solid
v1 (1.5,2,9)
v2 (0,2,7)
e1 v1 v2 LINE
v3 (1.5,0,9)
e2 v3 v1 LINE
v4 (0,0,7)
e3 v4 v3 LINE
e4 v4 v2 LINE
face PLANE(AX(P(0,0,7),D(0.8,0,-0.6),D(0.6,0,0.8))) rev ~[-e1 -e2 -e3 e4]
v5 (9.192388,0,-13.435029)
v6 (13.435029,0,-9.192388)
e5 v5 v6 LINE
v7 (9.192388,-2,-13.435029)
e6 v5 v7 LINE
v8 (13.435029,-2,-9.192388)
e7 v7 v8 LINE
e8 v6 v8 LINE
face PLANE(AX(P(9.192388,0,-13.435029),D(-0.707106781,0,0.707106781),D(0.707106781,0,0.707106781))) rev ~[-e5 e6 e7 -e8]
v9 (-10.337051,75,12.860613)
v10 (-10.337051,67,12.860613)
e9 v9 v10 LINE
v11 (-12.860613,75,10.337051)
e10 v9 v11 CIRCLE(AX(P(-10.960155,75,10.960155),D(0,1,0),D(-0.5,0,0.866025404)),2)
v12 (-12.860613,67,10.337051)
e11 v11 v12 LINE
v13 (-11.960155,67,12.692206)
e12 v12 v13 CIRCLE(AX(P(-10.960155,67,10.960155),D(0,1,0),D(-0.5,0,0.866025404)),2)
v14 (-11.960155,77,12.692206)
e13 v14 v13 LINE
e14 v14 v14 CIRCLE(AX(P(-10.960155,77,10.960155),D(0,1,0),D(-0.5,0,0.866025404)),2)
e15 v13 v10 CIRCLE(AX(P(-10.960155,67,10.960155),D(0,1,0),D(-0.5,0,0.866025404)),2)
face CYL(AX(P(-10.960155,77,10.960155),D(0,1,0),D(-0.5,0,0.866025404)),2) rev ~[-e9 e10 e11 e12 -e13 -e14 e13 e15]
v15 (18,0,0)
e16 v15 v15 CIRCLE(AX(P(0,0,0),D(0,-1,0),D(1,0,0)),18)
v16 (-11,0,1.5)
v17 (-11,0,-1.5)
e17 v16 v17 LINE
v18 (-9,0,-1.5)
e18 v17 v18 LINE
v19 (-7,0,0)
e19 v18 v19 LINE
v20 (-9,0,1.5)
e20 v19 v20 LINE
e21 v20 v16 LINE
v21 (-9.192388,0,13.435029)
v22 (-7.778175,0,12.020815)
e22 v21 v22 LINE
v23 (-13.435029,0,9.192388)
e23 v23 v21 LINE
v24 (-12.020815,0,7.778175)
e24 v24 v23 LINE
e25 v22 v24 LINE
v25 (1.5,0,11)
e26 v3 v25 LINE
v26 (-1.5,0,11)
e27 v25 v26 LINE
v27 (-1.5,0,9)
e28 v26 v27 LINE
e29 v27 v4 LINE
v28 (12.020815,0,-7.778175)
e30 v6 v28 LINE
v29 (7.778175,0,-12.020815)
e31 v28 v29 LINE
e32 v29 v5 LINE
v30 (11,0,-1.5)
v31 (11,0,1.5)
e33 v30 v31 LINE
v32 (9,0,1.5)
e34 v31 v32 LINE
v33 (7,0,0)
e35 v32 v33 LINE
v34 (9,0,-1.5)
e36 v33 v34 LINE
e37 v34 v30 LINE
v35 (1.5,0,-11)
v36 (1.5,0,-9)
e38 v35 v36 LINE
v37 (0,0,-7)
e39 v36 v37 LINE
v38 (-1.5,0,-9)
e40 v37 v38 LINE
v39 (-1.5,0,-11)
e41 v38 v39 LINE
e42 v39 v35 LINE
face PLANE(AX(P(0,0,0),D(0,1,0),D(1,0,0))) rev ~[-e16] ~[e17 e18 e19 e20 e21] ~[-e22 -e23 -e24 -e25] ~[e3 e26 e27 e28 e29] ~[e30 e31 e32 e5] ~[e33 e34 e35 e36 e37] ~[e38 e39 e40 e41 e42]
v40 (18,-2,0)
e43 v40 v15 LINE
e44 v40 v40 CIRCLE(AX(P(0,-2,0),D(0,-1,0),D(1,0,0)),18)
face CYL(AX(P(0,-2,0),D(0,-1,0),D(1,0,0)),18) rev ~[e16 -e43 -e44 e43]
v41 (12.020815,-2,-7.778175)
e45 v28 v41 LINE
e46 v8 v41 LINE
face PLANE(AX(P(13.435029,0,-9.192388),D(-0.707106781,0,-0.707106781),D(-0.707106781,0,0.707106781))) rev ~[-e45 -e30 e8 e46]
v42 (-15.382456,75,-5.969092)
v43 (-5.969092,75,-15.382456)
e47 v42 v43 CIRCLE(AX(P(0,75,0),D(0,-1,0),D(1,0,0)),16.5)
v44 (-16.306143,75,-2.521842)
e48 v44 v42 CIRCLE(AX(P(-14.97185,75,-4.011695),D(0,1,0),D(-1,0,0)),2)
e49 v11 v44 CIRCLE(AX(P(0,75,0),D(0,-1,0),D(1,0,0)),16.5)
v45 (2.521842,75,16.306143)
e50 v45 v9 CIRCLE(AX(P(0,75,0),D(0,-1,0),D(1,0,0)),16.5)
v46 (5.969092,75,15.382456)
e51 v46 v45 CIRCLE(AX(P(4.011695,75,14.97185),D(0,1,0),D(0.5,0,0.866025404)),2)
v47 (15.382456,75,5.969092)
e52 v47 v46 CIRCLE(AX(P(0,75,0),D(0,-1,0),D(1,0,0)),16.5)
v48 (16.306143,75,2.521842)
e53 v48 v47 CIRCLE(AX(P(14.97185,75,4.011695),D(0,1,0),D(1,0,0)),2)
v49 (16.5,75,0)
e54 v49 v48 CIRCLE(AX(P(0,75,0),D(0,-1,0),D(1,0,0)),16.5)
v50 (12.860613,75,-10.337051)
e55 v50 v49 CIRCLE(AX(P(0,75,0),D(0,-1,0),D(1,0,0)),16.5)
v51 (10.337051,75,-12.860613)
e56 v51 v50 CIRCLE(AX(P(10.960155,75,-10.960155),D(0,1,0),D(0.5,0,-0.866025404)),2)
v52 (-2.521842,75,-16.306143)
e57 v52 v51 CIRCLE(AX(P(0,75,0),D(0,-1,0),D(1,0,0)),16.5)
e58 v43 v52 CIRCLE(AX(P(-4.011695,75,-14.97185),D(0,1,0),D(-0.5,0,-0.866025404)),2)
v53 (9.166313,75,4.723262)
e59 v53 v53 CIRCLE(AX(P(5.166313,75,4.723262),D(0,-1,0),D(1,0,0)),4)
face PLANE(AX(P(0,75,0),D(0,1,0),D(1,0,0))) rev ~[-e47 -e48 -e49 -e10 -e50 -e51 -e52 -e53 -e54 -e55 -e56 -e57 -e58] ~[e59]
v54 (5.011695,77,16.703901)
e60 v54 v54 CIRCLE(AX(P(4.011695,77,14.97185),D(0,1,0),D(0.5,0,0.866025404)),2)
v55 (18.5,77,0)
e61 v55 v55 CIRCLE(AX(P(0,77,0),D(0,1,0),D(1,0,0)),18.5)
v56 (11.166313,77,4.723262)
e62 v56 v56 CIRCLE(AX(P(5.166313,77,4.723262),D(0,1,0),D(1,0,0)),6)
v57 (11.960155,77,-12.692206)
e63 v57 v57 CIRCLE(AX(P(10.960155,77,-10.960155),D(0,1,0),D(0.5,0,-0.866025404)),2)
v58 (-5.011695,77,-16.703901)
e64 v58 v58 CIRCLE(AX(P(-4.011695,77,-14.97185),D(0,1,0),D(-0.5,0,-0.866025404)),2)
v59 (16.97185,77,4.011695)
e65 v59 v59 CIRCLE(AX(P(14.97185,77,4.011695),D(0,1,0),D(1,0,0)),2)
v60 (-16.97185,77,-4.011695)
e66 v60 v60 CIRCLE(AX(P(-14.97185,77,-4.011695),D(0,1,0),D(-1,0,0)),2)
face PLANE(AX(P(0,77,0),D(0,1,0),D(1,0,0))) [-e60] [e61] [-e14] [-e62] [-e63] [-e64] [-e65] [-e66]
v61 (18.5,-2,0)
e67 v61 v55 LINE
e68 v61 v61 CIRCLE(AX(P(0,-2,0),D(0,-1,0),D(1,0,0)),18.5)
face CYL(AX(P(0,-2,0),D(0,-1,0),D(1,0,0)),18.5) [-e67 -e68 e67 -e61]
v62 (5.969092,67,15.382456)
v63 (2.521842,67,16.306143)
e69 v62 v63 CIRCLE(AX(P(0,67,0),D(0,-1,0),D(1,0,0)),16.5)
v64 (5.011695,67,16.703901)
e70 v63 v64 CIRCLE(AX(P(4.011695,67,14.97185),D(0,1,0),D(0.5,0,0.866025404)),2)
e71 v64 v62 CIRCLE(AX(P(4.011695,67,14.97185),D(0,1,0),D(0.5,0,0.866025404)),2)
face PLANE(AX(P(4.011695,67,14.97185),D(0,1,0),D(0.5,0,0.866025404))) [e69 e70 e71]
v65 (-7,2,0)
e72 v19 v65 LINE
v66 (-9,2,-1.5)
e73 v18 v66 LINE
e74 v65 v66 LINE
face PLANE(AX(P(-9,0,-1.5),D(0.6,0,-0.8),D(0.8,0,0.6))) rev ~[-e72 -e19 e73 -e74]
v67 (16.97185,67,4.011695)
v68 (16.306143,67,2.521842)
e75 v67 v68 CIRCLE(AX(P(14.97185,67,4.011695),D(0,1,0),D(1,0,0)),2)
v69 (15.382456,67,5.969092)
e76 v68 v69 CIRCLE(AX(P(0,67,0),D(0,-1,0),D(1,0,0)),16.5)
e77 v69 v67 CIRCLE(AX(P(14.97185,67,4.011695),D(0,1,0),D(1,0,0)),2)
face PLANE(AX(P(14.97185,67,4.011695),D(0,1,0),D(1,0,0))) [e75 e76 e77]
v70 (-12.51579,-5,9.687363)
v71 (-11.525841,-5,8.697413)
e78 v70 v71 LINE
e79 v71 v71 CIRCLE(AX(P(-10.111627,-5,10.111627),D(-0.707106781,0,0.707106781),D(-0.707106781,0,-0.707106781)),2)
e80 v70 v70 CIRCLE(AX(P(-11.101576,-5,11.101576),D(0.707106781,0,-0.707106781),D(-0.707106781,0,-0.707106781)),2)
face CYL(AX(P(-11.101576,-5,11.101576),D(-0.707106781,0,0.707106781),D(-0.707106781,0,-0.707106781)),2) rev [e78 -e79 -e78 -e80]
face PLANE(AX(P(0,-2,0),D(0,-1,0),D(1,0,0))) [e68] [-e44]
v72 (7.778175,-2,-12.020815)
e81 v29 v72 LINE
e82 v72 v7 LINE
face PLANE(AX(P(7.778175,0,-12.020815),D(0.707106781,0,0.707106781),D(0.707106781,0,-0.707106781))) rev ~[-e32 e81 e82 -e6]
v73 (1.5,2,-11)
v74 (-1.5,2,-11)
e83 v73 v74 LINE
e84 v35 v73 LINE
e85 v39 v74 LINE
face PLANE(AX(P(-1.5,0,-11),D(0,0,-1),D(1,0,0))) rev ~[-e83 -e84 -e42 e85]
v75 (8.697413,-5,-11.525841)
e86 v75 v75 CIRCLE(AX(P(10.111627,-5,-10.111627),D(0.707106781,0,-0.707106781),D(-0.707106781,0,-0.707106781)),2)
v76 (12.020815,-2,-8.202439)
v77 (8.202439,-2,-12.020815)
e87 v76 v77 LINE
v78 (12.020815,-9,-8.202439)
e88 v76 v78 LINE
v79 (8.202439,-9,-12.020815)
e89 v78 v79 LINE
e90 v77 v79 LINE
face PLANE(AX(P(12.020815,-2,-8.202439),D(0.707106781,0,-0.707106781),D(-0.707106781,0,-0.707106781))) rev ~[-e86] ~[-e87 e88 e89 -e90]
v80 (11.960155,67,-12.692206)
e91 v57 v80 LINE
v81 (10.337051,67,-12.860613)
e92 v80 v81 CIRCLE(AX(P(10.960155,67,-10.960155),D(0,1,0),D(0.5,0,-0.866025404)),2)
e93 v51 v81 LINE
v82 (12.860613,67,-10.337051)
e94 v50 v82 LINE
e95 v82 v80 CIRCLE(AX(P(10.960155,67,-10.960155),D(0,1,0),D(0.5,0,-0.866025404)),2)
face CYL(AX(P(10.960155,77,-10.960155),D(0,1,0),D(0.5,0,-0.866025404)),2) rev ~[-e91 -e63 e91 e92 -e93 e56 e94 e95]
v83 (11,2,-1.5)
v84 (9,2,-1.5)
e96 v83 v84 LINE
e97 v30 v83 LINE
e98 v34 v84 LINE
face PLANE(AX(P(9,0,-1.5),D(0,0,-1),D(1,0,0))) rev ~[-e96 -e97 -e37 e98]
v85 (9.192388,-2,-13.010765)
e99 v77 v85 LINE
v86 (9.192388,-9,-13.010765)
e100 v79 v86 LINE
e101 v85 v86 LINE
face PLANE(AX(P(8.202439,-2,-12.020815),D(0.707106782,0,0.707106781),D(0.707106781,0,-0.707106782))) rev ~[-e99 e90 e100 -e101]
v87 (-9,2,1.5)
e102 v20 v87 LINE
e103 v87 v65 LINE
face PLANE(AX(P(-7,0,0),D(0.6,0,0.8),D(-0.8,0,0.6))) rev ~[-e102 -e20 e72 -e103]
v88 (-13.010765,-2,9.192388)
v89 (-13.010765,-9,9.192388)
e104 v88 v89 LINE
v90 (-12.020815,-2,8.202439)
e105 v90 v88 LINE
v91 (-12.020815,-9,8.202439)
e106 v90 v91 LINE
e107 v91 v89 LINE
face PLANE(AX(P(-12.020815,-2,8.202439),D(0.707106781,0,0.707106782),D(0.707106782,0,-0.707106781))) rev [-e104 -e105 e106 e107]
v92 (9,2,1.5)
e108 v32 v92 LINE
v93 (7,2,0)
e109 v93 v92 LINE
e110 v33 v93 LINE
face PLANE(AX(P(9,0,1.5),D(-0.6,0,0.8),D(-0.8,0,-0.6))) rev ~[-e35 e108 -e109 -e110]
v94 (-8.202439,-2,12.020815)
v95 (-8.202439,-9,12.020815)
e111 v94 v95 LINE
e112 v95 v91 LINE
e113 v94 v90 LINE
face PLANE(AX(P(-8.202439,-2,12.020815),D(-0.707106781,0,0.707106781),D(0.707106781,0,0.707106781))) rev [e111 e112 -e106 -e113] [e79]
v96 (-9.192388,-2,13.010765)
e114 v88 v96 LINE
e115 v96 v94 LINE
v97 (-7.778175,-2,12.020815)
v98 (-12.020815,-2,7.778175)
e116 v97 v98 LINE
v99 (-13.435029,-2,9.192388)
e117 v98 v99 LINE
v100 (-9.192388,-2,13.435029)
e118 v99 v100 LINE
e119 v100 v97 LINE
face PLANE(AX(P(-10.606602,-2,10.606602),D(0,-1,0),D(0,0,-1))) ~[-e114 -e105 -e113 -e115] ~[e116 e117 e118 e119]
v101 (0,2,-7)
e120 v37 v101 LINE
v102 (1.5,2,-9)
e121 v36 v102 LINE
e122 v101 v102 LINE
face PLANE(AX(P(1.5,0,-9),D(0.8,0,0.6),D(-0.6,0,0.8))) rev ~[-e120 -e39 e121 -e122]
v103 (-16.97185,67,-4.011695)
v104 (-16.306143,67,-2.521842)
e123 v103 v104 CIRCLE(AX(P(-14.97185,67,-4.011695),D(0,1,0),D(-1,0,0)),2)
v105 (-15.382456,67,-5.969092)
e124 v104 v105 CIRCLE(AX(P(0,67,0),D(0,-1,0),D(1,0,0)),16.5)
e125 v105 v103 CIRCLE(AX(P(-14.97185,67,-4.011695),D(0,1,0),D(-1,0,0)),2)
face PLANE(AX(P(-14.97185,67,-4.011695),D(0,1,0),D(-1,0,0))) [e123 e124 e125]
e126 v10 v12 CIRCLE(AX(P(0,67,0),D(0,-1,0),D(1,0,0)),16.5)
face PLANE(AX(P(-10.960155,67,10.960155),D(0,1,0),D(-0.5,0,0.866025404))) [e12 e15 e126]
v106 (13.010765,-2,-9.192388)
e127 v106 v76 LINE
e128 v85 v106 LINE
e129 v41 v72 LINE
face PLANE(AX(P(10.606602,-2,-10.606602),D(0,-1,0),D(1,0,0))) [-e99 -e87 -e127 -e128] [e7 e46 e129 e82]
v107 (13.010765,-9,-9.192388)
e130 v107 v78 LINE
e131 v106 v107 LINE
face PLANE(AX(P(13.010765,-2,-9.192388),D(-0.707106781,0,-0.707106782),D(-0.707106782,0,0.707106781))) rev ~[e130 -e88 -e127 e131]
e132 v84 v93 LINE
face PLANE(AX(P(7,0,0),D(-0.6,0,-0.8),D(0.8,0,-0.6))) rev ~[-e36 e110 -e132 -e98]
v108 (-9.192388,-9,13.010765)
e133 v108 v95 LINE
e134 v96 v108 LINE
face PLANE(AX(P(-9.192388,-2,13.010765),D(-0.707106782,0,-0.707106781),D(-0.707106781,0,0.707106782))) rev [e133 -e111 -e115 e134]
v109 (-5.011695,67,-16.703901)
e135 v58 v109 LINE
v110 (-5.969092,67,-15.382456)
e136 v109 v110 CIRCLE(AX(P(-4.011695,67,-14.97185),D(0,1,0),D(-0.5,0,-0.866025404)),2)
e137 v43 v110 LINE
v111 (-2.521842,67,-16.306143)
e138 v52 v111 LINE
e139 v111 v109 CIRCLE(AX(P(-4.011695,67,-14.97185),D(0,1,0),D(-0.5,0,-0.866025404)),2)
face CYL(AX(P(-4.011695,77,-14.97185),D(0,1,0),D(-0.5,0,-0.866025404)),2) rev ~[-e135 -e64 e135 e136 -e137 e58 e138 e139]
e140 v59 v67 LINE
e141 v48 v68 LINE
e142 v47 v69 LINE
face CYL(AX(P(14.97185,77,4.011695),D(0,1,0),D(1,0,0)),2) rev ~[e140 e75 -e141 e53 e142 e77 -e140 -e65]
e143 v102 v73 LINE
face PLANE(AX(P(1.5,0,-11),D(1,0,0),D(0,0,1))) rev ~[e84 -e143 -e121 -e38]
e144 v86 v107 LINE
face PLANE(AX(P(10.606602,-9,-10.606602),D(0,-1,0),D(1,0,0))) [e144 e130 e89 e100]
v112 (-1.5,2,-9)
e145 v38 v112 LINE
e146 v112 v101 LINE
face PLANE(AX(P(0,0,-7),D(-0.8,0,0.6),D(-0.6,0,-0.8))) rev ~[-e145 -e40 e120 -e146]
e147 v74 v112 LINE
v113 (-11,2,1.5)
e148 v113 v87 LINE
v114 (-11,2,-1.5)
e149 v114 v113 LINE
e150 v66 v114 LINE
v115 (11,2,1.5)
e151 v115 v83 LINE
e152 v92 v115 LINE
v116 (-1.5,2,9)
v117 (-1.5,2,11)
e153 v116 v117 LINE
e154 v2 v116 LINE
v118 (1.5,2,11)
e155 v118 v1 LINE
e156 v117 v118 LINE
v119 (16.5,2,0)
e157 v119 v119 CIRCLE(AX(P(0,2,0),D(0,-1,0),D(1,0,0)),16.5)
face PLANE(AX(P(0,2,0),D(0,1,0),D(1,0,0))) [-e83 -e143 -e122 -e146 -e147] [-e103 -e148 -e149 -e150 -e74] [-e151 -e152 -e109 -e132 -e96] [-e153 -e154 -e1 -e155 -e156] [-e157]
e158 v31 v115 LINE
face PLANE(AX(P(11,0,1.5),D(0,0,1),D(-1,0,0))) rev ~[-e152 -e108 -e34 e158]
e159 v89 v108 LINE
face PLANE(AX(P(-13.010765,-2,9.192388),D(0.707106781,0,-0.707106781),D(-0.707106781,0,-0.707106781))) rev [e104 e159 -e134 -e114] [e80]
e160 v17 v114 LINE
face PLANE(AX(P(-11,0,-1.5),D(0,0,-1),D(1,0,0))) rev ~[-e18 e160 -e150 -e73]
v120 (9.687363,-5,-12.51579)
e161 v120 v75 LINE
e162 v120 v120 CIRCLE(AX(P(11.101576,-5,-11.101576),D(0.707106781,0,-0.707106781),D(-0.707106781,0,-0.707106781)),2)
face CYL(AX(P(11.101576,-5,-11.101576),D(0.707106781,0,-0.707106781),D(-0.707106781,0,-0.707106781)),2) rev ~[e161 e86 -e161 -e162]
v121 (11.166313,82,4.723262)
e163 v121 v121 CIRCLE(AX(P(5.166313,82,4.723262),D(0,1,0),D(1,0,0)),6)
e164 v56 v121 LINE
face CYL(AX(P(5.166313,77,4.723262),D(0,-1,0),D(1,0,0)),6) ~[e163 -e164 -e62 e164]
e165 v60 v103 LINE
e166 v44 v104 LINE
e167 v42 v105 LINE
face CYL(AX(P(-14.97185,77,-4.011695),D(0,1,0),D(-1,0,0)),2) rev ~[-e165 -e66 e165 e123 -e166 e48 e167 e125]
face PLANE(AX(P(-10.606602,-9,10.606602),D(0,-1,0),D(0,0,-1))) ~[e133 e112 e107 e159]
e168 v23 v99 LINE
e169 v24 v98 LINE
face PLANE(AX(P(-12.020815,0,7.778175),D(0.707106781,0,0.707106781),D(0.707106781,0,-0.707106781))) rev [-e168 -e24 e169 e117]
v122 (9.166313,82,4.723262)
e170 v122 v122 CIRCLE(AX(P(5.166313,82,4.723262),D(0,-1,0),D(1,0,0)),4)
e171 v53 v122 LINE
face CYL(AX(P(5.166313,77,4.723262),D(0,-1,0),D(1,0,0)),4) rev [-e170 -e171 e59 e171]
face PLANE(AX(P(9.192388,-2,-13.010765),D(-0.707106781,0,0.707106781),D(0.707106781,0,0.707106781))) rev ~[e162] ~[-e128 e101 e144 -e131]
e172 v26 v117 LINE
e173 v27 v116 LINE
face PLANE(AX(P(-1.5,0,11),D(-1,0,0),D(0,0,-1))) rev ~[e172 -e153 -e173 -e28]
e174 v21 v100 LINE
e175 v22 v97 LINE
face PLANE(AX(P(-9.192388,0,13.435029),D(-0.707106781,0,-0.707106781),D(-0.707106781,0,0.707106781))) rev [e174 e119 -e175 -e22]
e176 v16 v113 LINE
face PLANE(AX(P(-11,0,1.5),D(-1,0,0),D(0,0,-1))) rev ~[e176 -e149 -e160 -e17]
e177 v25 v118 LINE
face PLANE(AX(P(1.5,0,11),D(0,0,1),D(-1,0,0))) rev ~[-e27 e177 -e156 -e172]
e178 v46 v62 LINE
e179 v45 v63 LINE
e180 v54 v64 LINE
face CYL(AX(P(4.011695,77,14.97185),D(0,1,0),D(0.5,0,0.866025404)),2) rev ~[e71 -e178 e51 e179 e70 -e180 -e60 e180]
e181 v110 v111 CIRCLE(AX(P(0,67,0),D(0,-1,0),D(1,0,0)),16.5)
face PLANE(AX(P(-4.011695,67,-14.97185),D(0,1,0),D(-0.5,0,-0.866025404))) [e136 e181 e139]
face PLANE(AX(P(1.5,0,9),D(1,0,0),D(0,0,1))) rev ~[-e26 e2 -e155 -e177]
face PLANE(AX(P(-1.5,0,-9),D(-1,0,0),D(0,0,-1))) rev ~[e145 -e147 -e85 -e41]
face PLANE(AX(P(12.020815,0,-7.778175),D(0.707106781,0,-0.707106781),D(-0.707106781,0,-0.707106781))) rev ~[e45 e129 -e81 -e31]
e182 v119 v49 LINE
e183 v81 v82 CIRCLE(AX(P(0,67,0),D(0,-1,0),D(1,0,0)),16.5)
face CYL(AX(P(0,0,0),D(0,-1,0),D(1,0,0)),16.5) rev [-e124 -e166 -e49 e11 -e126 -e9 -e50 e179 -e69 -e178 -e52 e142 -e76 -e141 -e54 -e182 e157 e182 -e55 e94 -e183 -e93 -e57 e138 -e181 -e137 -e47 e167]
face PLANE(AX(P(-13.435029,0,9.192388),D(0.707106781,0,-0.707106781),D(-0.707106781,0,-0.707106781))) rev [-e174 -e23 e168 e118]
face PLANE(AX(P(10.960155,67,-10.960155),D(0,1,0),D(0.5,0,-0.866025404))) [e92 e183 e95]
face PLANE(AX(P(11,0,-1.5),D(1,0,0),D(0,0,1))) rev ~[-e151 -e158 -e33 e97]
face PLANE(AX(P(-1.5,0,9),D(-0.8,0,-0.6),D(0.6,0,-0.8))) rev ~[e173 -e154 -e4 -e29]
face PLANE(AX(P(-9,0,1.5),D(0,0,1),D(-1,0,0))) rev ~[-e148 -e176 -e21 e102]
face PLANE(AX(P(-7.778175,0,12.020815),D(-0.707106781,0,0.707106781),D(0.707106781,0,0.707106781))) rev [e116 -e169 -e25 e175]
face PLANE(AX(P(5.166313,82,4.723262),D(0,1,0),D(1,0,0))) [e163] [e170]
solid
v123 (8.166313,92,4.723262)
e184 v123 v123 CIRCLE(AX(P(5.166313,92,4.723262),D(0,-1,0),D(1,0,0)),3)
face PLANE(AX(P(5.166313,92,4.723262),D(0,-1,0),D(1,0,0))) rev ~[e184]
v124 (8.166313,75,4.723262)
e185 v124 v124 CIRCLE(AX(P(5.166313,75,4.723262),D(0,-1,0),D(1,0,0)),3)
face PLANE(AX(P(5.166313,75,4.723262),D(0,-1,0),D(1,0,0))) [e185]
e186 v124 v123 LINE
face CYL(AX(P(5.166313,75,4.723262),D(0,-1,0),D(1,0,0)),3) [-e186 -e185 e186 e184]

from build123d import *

# Parameters (mm, degrees)
SKETCH_1_R               = 18.5
EXTRUDE_1_DEPTH          = 77
SKETCH_2_R               = 6
EXTRUDE_2_DEPTH          = 5
SHELL_1_T                = -2
CUT_EXTRUDE_1_DEPTH      = 5
PATTERN_CIRCULAR_1_COUNT = 4
EXTRUDE_START            = 2
SKETCH_4_R               = 18.5
SKETCH_4_R_2             = 18
EXTRUDE_3_DEPTH          = 2
EXTRUDE_4_DEPTH          = 2
EXTRUDE_5_DEPTH          = 7
SKETCH_7_R               = 2
CUT_EXTRUDE_2_DEPTH      = 7
SKETCH_8_R               = 3
EXTRUDE_6_DEPTH          = 17
SKETCH_10_R              = 2
CUT_EXTRUDE_3_DEPTH      = 10
PATTERN_CIRCULAR_2_COUNT = 6


with BuildPart() as part:
    # 草图1 → 凸台-拉伸1 (new body)
    with BuildSketch(Plane(origin=(0, 0, 0), x_dir=(1, 0, 0), z_dir=(0, 1, 0))):
        Circle(SKETCH_1_R)
    extrude(amount=EXTRUDE_1_DEPTH)

    # 草图2 → 凸台-拉伸2 (add)
    with BuildSketch(Plane(origin=(0, 77, 0), x_dir=(1, 0, 0), z_dir=(0, 1, 0))):
        with Locations((5.166313479, -4.723262118)):
            Circle(SKETCH_2_R)
    extrude(amount=EXTRUDE_2_DEPTH)

    # 抽壳1
    shell_1_openings = [part.faces().sort_by_distance(p)[0] for p in [
        (5.166313479, 82, 4.723262118),
    ]]
    offset(amount=SHELL_1_T, openings=shell_1_openings, kind=Kind.INTERSECTION)

    # 草图3 → 切除-拉伸1 (cut)
    with BuildSketch(Plane.XZ):
        Polygon((9, 1.5), (7, 0), (9, -1.5), (11, -1.5), (11, 1.5), align=None)
    cut_extrude_1 = extrude(amount=-CUT_EXTRUDE_1_DEPTH, mode=Mode.SUBTRACT)

    # 阵列(圆周)1: 切除-拉伸1 ×4 about axis
    pattern_circular_1_axis = Axis((0, 77, 0), (0, -1, 0))
    for i in range(1, PATTERN_CIRCULAR_1_COUNT):
        add(cut_extrude_1.rotate(pattern_circular_1_axis, i * 360 / PATTERN_CIRCULAR_1_COUNT), mode=Mode.SUBTRACT)

    # 草图4 → 凸台-拉伸3 (add)
    with BuildSketch(Plane.XZ.offset(EXTRUDE_START)):
        Circle(SKETCH_4_R)
        Circle(SKETCH_4_R_2, mode=Mode.SUBTRACT)
    extrude(amount=-EXTRUDE_3_DEPTH)

    # 草图5 → 凸台-拉伸4 (add)
    with BuildSketch(Plane.XZ):
        Polygon((11.313708499, -11.313708499), (13.435028843, -9.192388155), (12.02081528, -7.778174593), (7.778174593, -12.02081528), (9.192388155, -13.435028843), align=None)
    extrude_4 = extrude(amount=EXTRUDE_4_DEPTH)

    # 草图6 → 凸台-拉伸5 (add)
    with BuildSketch(Plane.XZ.offset(2)):
        Polygon((9.192388155, -13.010764774), (13.010764774, -9.192388155), (12.02081528, -8.202438662), (8.202438662, -12.02081528), align=None)
    extrude_5 = extrude(amount=EXTRUDE_5_DEPTH)

    # 草图7 → 切除-拉伸2 (cut)
    with BuildSketch(Plane(origin=(11.101576465, 0, -11.101576465), x_dir=(-0.7071067811865509, 0, -0.7071067811865442), z_dir=(0.7071067811865442, 0, -0.7071067811865509))):
        with Locations((0, -5)):
            Circle(SKETCH_7_R)
    cut_extrude_2 = extrude(amount=-CUT_EXTRUDE_2_DEPTH, mode=Mode.SUBTRACT)

    # 镜向1: 凸台-拉伸4, 凸台-拉伸5, 切除-拉伸2 across plane
    add(extrude_4.mirror(Plane(origin=(0, 0, 0), x_dir=(0.707106781186551, 0, 0.707106781186544), z_dir=(-0.7071067811865442, 0, 0.7071067811865509))))
    add(extrude_5.mirror(Plane(origin=(0, 0, 0), x_dir=(0.707106781186551, 0, 0.707106781186544), z_dir=(-0.7071067811865442, 0, 0.7071067811865509))))
    add(cut_extrude_2.mirror(Plane(origin=(0, 0, 0), x_dir=(0.707106781186551, 0, 0.707106781186544), z_dir=(-0.7071067811865442, 0, 0.7071067811865509))), mode=Mode.SUBTRACT)

    # 草图10 → 切除-拉伸3 (cut)
    with BuildSketch(Plane(origin=(0, 77, 0), x_dir=(1, 0, 0), z_dir=(0, 1, 0))):
        with Locations((14.971850307, -4.011695199)):
            Circle(SKETCH_10_R)
    cut_extrude_3 = extrude(amount=-CUT_EXTRUDE_3_DEPTH, mode=Mode.SUBTRACT)

    # 阵列(圆周)2: 切除-拉伸3 ×6 about axis
    pattern_circular_2_axis = Axis((0, 77, 0), (0, -1, 0))
    for i in range(1, PATTERN_CIRCULAR_2_COUNT):
        add(cut_extrude_3.rotate(pattern_circular_2_axis, i * 360 / PATTERN_CIRCULAR_2_COUNT), mode=Mode.SUBTRACT)


with BuildPart() as body_2:
    # 草图8 → 凸台-拉伸6 (new body)
    with BuildSketch(Plane.XZ.offset(-75)):
        with Locations((5.166313479, 4.723262118)):
            Circle(SKETCH_8_R)
    extrude(amount=-EXTRUDE_6_DEPTH)


solid = Compound([part.part, body_2.part])
